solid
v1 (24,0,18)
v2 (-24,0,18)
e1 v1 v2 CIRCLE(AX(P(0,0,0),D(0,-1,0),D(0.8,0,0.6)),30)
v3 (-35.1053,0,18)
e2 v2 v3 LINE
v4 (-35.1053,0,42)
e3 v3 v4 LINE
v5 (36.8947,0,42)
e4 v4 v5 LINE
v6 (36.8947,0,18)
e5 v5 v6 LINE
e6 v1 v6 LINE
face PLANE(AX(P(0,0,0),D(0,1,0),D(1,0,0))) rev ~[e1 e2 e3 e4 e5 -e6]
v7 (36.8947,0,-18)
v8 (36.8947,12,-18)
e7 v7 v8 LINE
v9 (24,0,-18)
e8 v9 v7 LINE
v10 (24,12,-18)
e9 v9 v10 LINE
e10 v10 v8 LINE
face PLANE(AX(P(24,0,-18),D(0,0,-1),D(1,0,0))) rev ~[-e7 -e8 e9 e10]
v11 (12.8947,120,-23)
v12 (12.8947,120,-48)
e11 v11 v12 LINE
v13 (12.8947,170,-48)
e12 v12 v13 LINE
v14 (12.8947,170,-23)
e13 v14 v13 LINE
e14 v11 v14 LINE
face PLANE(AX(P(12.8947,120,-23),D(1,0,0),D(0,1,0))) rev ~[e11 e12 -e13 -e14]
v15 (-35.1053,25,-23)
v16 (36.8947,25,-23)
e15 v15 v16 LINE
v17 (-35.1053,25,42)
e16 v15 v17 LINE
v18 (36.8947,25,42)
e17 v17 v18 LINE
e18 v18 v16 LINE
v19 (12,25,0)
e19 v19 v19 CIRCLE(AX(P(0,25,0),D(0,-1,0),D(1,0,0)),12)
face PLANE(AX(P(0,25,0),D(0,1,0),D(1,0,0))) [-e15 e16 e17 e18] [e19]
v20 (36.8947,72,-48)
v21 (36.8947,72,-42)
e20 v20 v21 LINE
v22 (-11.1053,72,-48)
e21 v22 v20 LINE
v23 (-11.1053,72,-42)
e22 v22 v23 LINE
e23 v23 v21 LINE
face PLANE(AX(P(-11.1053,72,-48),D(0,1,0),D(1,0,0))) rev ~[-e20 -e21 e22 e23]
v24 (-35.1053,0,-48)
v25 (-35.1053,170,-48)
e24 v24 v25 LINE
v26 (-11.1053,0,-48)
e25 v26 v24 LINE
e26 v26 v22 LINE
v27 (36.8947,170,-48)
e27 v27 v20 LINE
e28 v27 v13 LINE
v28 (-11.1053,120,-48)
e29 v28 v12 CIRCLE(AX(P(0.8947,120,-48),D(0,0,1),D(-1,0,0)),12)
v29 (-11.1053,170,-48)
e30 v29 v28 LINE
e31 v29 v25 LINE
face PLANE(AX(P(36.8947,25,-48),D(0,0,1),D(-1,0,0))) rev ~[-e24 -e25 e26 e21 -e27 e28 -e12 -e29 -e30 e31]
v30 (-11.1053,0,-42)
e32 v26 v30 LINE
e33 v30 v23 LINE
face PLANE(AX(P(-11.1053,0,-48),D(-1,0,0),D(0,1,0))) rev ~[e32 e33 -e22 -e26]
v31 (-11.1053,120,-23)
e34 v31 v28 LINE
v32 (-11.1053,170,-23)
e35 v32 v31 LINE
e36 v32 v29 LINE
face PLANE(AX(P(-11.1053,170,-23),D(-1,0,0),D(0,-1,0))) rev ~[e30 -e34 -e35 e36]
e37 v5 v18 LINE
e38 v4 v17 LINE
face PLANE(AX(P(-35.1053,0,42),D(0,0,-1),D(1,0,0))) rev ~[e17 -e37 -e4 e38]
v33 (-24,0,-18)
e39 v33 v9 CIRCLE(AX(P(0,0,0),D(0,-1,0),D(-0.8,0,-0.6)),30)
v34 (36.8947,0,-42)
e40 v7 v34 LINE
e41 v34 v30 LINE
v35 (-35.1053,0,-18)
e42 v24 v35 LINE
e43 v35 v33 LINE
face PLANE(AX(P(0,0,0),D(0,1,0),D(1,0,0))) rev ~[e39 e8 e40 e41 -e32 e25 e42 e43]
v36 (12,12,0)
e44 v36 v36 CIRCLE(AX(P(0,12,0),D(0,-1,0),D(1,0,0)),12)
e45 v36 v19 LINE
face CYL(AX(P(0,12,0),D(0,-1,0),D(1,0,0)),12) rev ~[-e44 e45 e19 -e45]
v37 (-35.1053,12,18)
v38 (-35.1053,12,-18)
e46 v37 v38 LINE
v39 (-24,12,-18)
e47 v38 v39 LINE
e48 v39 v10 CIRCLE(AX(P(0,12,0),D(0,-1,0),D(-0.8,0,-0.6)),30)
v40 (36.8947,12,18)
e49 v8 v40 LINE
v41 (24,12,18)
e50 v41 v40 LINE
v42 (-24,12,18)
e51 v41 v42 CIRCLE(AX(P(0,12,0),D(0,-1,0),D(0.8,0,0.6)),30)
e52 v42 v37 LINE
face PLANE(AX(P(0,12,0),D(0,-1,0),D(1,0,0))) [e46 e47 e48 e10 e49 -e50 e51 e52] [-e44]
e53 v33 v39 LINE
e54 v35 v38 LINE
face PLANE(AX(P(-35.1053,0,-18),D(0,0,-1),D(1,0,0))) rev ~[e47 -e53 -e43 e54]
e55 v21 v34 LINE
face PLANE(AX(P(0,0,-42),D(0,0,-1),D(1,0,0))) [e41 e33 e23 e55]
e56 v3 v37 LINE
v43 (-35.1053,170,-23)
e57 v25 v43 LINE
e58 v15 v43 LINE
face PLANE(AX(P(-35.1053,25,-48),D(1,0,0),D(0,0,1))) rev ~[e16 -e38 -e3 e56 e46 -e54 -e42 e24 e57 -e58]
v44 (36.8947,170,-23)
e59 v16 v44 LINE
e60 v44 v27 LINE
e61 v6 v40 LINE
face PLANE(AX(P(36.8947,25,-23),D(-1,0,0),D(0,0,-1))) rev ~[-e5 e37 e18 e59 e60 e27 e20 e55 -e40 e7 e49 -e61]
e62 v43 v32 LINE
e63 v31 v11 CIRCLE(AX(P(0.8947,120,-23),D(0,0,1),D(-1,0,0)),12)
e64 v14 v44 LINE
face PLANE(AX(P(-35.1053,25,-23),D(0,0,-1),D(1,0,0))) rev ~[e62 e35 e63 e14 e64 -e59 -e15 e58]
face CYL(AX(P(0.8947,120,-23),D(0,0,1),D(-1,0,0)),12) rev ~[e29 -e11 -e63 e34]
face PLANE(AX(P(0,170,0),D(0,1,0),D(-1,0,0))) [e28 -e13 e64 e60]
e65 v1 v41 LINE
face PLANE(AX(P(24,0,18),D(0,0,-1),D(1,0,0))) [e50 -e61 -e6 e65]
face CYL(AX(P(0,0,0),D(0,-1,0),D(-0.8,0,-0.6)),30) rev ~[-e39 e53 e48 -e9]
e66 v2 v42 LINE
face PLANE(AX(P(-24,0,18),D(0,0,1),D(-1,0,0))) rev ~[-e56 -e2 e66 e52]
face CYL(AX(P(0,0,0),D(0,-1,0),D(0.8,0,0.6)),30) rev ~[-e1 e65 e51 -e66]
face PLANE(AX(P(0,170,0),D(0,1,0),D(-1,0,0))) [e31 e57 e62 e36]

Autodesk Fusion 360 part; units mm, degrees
sketch "Sketch1" plane through (0, 0, 0) normal (0, 1, 0) x (1, 0, 0)
  line L0 (-35.1053, -42) -> (36.8947, -42)
  line L1 (36.8947, -42) -> (36.8947, 48)
  line L2 (36.8947, 48) -> (-35.1053, 48)
  line L3 (-35.1053, 48) -> (-35.1053, -42)
  point P0 (0.8947, 48)
  dimension "d3" = 90
  dimension "d4" = 72
  dimension "d7" = 48
extrude "Extrude1" add sketch "Sketch1" along normal blind 25
sketch "Sketch2" plane through (0, 0, 0) normal (0, -1, 0) x (1, 0, 0)
  line L0 (-35.1053, 42) -> (-35.1053, -48)
  line L1 (-35.1053, -48) -> (36.8947, -48)
  line L2 (36.8947, -48) -> (36.8947, 42)
  line L3 (36.8947, 42) -> (-35.1053, 42)
  line L4 (-35.1053, -18) -> (-24, -18)
  line L5 (24, -18) -> (36.8947, -18)
  line L6 (24, 18) -> (36.8947, 18)
  line L7 (-24, 18) -> (-35.1053, 18)
  arc A0 (-24, -18) -> (24, -18) centre (0, 0) ccw
  arc A1 (24, 18) -> (-24, 18) centre (0, 0) ccw
  dimension "d11" = 60
  dimension "d12" = 30
  dimension "d13" = 36
extrude "Extrude2" cut sketch "Sketch2" against normal blind 12 contours L0 L2 L4 L5 L6 L7 A0 A1
sketch "Sketch3" plane through (0, 12, 0) normal (0, -1, 0) x (1, 0, 0)
  arc A0 (24, 18) -> (-24, 18) centre (0, 0) ccw
  line L0 (-24, 18) -> (-35.1053, 18)
  line L1 (-35.1053, 18) -> (-35.1053, -18)
  line L2 (-35.1053, -18) -> (-24, -18)
  arc A1 (-24, -18) -> (24, -18) centre (0, 0) ccw
  line L3 (24, -18) -> (36.8947, -18)
  line L4 (36.8947, -18) -> (36.8947, 18)
  line L5 (36.8947, 18) -> (24, 18)
  circle A2 centre (0, 0) radius 12
  dimension "d16" = 24
extrude "Extrude3" cut sketch "Sketch3" against normal blind 13 contours A2
sketch "Sketch4" plane through (0, 25, 0) normal (0, 1, 0) x (-1, 0, 0)
  circle A0 centre (0, 0) radius 12
  line L0 (35.1053, -48) -> (35.1053, 42)
  line L1 (35.1053, 42) -> (-36.8947, 42)
  line L2 (-36.8947, 42) -> (-36.8947, -48)
  line L3 (-36.8947, -48) -> (35.1053, -48)
  line L4 (-36.8947, -48) -> (35.1053, -48)
  line L5 (35.1053, -48) -> (35.1053, -23)
  line L6 (35.1053, -23) -> (-36.8947, -23)
  line L7 (-36.8947, -23) -> (-36.8947, -48)
  dimension "d19" = 25
extrude "Extrude4" add sketch "Sketch4" along normal blind 145 contours L0 L2 L3 L4 L5 L6 L7
sketch "Sketch5" plane through (0, 0, -23) normal (0, 0, 1) x (-1, 0, 0)
  line L0 (35.1053, -25) -> (-36.8947, -25)
  line L1 (-36.8947, -25) -> (-36.8947, -170)
  line L2 (-36.8947, -170) -> (35.1053, -170)
  line L3 (35.1053, -170) -> (35.1053, -25)
  line L4 (11.1053, -170) -> (11.1053, -120)
  arc A0 (11.1053, -120) -> (-12.8947, -120) centre (-0.8947, -120) ccw
  line L5 (-12.8947, -120) -> (-12.8947, -170)
  line L6 (11.1053, -170) -> (-12.8947, -170)
  dimension "d22" = 24
  dimension "d23" = 24
  dimension "d24" = 50
extrude "Extrude5" cut sketch "Sketch5" against normal blind 25 contours L2 L4 A0 L5 L6
sketch "Sketch6" plane through (0, 0, -48) normal (0, 0, -1) x (1, 0, 0)
  line L0 (-11.1053, -170) -> (-11.1053, -120)
  arc A0 (12.8947, -120) -> (-11.1053, -120) centre (0.8947, -120) ccw
  line L1 (12.8947, -120) -> (12.8947, -170)
  line L2 (12.8947, -170) -> (36.8947, -170)
  line L3 (36.8947, -170) -> (36.8947, 0)
  line L4 (36.8947, 0) -> (-35.1053, 0)
  line L5 (-35.1053, 0) -> (-35.1053, -170)
  line L6 (-35.1053, -170) -> (-11.1053, -170)
  line L7 (36.8947, 0) -> (-11.1053, 0)
  line L8 (-11.1053, 0) -> (-11.1053, -72)
  line L9 (-11.1053, -72) -> (36.8947, -72)
  line L10 (36.8947, -72) -> (36.8947, 0)
  dimension "d27" = 48
  dimension "d28" = 72
extrude "Extrude6" cut sketch "Sketch6" against normal blind 6 contours L3 L4 L7 L8 L9 L10
